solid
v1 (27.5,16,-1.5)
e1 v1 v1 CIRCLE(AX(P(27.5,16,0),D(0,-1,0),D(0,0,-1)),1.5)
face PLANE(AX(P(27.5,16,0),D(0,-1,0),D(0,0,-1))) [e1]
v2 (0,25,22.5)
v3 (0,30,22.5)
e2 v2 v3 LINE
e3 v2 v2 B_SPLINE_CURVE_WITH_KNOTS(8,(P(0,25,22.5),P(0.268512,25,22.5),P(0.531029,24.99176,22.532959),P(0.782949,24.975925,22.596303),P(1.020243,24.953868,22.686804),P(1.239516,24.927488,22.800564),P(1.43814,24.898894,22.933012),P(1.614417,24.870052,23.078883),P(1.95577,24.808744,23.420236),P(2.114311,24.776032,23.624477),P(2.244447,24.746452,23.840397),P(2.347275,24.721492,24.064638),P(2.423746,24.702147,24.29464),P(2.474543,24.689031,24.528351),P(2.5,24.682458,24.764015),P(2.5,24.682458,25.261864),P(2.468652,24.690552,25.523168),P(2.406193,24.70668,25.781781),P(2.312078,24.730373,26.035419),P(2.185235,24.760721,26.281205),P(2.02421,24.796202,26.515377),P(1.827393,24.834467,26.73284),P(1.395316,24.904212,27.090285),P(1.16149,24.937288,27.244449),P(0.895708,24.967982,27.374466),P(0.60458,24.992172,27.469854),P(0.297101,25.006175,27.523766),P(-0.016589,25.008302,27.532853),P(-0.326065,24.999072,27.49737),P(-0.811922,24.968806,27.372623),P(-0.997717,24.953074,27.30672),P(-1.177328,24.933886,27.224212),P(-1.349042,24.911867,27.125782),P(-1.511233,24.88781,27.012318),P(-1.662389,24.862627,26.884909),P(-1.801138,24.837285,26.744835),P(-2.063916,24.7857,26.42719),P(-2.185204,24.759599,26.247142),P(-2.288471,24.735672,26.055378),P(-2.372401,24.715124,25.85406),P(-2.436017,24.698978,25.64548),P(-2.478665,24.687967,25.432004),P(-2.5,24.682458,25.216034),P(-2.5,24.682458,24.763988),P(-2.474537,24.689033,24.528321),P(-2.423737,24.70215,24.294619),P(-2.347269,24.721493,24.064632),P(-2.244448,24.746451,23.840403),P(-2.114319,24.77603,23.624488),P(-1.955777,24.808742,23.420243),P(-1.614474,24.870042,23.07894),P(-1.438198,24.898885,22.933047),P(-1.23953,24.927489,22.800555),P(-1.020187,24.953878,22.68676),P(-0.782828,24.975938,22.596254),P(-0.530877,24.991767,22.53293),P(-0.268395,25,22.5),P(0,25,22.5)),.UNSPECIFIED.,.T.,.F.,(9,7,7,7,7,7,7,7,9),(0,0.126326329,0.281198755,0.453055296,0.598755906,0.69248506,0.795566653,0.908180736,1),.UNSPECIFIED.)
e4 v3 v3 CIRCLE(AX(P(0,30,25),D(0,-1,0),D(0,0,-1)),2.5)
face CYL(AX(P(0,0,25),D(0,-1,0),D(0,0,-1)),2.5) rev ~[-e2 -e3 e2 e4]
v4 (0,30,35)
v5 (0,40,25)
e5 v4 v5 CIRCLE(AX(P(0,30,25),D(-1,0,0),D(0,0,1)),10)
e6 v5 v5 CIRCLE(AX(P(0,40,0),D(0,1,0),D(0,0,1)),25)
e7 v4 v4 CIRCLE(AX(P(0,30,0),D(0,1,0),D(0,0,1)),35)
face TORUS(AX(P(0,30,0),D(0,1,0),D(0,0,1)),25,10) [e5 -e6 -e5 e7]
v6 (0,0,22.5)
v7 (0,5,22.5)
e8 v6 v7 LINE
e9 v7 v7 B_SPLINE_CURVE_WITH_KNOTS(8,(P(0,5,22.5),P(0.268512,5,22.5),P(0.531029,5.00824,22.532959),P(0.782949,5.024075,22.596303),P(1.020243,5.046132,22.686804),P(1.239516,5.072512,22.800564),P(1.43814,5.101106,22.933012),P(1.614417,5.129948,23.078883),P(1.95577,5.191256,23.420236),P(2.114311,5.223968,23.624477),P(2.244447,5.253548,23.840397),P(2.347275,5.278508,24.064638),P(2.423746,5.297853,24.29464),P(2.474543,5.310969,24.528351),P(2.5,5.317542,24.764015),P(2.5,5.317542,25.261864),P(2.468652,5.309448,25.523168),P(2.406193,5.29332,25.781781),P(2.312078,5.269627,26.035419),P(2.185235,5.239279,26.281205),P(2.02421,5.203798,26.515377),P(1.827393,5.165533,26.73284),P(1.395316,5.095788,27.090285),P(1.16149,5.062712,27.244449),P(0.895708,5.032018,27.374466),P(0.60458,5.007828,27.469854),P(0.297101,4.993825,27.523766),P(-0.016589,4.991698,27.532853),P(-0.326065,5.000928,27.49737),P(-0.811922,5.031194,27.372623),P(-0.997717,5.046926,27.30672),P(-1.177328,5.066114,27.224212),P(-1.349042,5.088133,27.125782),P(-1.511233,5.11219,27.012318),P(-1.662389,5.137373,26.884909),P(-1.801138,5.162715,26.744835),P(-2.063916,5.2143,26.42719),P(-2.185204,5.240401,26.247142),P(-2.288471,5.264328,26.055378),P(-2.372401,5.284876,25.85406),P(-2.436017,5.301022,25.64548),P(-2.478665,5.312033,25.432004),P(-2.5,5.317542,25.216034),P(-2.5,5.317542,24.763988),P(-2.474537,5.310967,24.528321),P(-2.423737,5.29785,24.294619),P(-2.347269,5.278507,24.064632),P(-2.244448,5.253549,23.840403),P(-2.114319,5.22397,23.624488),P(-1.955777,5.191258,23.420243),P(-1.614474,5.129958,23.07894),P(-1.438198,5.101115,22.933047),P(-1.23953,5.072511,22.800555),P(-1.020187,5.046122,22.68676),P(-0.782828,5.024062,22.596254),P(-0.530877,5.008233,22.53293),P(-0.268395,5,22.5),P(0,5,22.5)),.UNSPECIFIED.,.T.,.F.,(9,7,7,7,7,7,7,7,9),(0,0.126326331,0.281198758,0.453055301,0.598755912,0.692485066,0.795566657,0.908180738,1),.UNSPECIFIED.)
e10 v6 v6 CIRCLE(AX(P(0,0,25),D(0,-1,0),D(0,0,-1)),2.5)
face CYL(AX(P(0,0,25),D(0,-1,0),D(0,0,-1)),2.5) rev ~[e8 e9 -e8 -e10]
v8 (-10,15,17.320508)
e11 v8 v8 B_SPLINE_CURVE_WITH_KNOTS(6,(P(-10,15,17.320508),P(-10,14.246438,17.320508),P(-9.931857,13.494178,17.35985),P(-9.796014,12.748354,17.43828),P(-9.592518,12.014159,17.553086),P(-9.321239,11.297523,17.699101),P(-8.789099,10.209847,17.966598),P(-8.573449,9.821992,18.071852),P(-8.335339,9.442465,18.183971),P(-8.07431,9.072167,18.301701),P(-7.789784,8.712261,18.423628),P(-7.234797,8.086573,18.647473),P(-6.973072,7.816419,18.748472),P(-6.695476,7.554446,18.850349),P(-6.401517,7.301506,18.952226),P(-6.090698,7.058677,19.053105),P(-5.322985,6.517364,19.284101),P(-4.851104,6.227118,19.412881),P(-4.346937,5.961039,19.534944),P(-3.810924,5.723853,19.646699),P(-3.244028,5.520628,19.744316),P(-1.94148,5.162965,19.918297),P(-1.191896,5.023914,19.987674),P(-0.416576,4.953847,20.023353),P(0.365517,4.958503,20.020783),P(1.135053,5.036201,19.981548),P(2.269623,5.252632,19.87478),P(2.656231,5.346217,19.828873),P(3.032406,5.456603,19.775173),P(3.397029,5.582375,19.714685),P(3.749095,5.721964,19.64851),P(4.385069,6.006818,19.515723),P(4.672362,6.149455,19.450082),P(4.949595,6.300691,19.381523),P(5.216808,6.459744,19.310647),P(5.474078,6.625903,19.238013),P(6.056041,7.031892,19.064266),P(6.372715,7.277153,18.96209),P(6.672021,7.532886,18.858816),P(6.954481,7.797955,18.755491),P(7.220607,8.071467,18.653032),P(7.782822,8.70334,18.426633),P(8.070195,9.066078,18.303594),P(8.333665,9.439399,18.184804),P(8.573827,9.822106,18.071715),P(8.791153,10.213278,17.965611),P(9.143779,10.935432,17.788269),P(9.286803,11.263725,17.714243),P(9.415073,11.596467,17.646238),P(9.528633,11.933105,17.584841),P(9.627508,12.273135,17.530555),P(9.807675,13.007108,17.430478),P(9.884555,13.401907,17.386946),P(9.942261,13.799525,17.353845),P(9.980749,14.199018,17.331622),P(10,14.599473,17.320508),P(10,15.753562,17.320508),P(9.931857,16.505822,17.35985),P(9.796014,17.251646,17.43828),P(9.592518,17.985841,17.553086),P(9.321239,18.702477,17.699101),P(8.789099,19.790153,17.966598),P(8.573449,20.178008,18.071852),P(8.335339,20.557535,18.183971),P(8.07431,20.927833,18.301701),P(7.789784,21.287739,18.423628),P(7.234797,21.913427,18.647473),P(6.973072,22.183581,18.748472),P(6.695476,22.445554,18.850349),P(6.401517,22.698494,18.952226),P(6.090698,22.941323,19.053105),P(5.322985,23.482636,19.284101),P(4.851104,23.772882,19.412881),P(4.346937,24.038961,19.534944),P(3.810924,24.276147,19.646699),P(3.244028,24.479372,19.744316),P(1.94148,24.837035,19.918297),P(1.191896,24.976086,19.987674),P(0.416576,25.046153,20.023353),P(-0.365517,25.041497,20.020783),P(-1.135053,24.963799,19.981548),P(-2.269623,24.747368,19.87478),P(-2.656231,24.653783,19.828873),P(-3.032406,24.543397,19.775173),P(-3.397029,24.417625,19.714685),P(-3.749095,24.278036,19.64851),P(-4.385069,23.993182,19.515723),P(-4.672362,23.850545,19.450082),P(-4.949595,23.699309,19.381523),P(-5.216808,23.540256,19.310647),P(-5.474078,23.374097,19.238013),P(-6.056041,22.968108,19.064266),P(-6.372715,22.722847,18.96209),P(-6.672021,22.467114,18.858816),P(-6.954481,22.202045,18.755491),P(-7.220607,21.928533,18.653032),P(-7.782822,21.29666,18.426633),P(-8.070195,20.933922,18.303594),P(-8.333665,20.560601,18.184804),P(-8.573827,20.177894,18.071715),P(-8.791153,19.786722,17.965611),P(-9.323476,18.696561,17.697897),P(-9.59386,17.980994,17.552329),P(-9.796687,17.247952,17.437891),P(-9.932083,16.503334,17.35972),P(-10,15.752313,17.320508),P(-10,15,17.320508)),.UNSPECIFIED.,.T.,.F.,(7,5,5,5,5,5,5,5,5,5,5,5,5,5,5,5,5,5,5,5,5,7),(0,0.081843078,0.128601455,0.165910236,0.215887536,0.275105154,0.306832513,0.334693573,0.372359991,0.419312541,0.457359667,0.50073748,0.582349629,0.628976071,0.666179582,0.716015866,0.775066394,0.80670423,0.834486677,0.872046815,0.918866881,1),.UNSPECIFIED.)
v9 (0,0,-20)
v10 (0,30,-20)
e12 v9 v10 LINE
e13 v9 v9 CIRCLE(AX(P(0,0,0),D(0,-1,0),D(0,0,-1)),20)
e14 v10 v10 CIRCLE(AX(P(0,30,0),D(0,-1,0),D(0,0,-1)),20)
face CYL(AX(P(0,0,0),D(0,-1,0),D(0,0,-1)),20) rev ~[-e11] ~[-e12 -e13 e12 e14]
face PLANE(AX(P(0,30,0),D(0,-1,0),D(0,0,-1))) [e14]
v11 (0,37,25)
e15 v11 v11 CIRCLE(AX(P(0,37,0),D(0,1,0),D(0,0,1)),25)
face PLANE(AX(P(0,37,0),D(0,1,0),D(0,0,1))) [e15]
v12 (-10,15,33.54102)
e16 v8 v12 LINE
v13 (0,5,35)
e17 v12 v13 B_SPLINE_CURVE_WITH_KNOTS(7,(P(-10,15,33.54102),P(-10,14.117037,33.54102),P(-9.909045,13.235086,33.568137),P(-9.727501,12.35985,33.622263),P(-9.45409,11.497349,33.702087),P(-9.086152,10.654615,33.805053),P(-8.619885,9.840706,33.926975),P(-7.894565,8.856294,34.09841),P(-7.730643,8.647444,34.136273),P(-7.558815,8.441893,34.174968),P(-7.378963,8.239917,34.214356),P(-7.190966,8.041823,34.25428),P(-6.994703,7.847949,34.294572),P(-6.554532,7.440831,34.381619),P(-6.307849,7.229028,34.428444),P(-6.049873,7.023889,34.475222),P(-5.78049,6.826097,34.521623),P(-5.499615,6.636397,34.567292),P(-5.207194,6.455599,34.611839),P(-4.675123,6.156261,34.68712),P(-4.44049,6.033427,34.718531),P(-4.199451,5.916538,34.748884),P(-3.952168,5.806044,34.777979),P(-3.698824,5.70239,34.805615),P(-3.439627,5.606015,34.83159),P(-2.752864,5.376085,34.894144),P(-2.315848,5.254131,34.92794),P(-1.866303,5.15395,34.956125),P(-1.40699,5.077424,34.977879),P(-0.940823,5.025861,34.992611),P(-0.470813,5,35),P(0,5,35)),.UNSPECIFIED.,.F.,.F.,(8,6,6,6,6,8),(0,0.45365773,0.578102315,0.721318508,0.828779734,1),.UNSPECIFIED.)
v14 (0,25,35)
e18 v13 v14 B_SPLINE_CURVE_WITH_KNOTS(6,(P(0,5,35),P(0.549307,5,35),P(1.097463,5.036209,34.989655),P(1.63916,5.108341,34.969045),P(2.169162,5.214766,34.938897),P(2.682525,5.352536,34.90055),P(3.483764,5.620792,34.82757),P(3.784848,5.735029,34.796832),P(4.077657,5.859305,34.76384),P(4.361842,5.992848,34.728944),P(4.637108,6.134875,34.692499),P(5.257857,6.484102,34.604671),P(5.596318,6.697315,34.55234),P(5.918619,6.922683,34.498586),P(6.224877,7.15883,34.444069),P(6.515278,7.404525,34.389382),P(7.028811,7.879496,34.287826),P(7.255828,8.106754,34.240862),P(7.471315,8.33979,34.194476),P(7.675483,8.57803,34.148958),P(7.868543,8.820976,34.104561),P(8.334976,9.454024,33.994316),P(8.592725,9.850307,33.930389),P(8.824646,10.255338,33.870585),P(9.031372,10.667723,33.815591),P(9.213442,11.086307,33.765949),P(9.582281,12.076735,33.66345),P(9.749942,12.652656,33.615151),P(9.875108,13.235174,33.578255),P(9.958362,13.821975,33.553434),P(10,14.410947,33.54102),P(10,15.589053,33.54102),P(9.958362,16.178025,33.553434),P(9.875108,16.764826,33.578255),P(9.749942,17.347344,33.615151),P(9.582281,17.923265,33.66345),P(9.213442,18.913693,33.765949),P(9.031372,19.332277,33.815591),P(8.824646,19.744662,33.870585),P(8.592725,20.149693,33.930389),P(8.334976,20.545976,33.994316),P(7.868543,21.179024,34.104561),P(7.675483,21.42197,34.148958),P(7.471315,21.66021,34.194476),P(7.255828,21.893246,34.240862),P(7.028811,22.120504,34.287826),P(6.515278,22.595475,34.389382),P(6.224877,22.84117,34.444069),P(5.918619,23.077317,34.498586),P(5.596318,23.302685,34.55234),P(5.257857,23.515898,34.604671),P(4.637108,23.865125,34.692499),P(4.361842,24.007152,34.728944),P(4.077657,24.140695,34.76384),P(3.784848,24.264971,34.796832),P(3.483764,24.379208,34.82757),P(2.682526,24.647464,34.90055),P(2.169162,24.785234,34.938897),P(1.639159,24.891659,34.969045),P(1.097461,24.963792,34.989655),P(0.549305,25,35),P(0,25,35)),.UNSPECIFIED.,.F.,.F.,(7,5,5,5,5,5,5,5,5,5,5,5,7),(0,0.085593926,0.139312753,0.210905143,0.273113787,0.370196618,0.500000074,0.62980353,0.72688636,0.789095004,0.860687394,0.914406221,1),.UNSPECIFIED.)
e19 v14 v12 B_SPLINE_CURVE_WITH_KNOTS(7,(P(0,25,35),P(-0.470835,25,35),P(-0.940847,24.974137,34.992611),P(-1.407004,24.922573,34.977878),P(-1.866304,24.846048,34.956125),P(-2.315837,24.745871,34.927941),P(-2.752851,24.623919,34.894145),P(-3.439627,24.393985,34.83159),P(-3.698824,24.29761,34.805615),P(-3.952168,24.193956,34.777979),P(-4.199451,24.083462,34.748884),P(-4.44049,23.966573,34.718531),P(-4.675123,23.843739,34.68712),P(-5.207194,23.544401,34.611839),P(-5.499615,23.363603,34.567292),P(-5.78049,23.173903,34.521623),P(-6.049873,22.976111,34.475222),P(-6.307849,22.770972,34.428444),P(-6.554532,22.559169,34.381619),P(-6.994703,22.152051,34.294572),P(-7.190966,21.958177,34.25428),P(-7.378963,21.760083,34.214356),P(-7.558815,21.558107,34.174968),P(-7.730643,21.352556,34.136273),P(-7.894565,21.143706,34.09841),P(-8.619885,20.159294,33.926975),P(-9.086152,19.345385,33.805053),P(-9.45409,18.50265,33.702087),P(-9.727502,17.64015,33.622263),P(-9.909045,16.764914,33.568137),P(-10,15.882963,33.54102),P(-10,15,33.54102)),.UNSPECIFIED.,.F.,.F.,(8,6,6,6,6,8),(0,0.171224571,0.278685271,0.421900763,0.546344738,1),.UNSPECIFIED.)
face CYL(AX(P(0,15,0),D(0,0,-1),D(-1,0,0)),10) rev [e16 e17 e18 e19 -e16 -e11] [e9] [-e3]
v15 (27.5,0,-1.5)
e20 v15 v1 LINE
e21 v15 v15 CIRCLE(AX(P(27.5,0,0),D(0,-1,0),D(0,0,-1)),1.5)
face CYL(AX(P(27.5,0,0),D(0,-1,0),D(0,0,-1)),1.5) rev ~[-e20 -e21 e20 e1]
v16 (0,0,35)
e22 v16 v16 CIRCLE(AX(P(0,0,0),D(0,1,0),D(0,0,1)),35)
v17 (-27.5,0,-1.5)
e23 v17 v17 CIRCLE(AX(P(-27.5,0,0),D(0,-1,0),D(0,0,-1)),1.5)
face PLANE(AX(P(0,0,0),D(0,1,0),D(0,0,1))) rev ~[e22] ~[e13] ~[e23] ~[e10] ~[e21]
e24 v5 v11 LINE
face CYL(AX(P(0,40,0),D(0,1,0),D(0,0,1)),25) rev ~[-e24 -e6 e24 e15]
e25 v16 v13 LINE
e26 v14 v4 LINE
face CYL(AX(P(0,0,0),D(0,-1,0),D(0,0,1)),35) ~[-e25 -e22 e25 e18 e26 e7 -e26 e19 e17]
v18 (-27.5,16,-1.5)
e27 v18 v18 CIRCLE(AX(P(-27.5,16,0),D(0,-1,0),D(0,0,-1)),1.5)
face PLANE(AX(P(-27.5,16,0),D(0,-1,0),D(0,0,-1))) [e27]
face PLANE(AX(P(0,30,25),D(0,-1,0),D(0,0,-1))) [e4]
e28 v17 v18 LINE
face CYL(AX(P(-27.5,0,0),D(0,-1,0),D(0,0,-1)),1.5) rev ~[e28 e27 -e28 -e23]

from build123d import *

# Parameters (mm, degrees)
ESQUISSE2_R             = 35
BOSS_EXTRU_1_DEPTH      = 40
CONG_1_R                = 10
ESQUISSE3_R             = 20
ENL_V_MAT_EXTRU_1_DEPTH = 30
ESQUISSE7_R             = 25
ENL_V_MAT_EXTRU_3_DEPTH = 3
ESQUISSE8_R             = 10
ENL_V_MAT_EXTRU_4_DEPTH = 45
ESQUISSE4_R             = 2.5
ENL_V_MAT_EXTRU_5_DEPTH = 30
ESQUISSE9_R             = 1.5
ENL_V_MAT_EXTRU_6_DEPTH = 16


with BuildPart() as part:
    # Esquisse2 → Boss.-Extru.1 (new body)
    with BuildSketch(Plane(origin=(0, 0, 0), x_dir=(1, 0, 0), z_dir=(0, 1, 0))):
        with Locations(Location((0, 0, 0), (0, 0, 270))):
            Circle(ESQUISSE2_R)
    extrude(amount=BOSS_EXTRU_1_DEPTH)

    # Congé1
    cong_1_edges = [part.edges().sort_by_distance(p)[0] for p in [
        (0, 40, -35),
    ]]
    fillet(cong_1_edges, radius=CONG_1_R)

    # Esquisse3 → Enlèv. mat.-Extru.1 (cut)
    with BuildSketch(Plane.XZ):
        with Locations(Location((0, 0, 0), (0, 0, 270))):
            Circle(ESQUISSE3_R)
    extrude(amount=-ENL_V_MAT_EXTRU_1_DEPTH, mode=Mode.SUBTRACT)

    # Esquisse7 → Enlèv. mat.-Extru.3 (cut)
    with BuildSketch(Plane(origin=(0, 40, 0), x_dir=(1, 0, 0), z_dir=(0, 1, 0))):
        with Locations(Location((0, 0, 0), (0, 0, 270))):
            Circle(ESQUISSE7_R)
    extrude(amount=-ENL_V_MAT_EXTRU_3_DEPTH, mode=Mode.SUBTRACT)

    # Esquisse8 → Enlèv. mat.-Extru.4 (cut)
    with BuildSketch(Plane.XY):
        with Locations(Location((0, 15, 0), (0, 0, 180))):
            Circle(ESQUISSE8_R)
    extrude(amount=ENL_V_MAT_EXTRU_4_DEPTH, mode=Mode.SUBTRACT)

    # Esquisse4 → Enlèv. mat.-Extru.5 (cut)
    with BuildSketch(Plane.XZ):
        with Locations(Location((0, 25, 0), (0, 0, 270))):
            Circle(ESQUISSE4_R)
    extrude(amount=-ENL_V_MAT_EXTRU_5_DEPTH, mode=Mode.SUBTRACT)

    # Esquisse9 → Enlèv. mat.-Extru.6 (cut)
    with BuildSketch(Plane.XZ):
        with Locations(Location((-27.5, 0, 0), (0, 0, 270))):
            Circle(ESQUISSE9_R)
        with Locations(Location((27.5, 0, 0), (0, 0, 270))):
            Circle(ESQUISSE9_R)
    extrude(amount=-ENL_V_MAT_EXTRU_6_DEPTH, mode=Mode.SUBTRACT)


solid = part.part
